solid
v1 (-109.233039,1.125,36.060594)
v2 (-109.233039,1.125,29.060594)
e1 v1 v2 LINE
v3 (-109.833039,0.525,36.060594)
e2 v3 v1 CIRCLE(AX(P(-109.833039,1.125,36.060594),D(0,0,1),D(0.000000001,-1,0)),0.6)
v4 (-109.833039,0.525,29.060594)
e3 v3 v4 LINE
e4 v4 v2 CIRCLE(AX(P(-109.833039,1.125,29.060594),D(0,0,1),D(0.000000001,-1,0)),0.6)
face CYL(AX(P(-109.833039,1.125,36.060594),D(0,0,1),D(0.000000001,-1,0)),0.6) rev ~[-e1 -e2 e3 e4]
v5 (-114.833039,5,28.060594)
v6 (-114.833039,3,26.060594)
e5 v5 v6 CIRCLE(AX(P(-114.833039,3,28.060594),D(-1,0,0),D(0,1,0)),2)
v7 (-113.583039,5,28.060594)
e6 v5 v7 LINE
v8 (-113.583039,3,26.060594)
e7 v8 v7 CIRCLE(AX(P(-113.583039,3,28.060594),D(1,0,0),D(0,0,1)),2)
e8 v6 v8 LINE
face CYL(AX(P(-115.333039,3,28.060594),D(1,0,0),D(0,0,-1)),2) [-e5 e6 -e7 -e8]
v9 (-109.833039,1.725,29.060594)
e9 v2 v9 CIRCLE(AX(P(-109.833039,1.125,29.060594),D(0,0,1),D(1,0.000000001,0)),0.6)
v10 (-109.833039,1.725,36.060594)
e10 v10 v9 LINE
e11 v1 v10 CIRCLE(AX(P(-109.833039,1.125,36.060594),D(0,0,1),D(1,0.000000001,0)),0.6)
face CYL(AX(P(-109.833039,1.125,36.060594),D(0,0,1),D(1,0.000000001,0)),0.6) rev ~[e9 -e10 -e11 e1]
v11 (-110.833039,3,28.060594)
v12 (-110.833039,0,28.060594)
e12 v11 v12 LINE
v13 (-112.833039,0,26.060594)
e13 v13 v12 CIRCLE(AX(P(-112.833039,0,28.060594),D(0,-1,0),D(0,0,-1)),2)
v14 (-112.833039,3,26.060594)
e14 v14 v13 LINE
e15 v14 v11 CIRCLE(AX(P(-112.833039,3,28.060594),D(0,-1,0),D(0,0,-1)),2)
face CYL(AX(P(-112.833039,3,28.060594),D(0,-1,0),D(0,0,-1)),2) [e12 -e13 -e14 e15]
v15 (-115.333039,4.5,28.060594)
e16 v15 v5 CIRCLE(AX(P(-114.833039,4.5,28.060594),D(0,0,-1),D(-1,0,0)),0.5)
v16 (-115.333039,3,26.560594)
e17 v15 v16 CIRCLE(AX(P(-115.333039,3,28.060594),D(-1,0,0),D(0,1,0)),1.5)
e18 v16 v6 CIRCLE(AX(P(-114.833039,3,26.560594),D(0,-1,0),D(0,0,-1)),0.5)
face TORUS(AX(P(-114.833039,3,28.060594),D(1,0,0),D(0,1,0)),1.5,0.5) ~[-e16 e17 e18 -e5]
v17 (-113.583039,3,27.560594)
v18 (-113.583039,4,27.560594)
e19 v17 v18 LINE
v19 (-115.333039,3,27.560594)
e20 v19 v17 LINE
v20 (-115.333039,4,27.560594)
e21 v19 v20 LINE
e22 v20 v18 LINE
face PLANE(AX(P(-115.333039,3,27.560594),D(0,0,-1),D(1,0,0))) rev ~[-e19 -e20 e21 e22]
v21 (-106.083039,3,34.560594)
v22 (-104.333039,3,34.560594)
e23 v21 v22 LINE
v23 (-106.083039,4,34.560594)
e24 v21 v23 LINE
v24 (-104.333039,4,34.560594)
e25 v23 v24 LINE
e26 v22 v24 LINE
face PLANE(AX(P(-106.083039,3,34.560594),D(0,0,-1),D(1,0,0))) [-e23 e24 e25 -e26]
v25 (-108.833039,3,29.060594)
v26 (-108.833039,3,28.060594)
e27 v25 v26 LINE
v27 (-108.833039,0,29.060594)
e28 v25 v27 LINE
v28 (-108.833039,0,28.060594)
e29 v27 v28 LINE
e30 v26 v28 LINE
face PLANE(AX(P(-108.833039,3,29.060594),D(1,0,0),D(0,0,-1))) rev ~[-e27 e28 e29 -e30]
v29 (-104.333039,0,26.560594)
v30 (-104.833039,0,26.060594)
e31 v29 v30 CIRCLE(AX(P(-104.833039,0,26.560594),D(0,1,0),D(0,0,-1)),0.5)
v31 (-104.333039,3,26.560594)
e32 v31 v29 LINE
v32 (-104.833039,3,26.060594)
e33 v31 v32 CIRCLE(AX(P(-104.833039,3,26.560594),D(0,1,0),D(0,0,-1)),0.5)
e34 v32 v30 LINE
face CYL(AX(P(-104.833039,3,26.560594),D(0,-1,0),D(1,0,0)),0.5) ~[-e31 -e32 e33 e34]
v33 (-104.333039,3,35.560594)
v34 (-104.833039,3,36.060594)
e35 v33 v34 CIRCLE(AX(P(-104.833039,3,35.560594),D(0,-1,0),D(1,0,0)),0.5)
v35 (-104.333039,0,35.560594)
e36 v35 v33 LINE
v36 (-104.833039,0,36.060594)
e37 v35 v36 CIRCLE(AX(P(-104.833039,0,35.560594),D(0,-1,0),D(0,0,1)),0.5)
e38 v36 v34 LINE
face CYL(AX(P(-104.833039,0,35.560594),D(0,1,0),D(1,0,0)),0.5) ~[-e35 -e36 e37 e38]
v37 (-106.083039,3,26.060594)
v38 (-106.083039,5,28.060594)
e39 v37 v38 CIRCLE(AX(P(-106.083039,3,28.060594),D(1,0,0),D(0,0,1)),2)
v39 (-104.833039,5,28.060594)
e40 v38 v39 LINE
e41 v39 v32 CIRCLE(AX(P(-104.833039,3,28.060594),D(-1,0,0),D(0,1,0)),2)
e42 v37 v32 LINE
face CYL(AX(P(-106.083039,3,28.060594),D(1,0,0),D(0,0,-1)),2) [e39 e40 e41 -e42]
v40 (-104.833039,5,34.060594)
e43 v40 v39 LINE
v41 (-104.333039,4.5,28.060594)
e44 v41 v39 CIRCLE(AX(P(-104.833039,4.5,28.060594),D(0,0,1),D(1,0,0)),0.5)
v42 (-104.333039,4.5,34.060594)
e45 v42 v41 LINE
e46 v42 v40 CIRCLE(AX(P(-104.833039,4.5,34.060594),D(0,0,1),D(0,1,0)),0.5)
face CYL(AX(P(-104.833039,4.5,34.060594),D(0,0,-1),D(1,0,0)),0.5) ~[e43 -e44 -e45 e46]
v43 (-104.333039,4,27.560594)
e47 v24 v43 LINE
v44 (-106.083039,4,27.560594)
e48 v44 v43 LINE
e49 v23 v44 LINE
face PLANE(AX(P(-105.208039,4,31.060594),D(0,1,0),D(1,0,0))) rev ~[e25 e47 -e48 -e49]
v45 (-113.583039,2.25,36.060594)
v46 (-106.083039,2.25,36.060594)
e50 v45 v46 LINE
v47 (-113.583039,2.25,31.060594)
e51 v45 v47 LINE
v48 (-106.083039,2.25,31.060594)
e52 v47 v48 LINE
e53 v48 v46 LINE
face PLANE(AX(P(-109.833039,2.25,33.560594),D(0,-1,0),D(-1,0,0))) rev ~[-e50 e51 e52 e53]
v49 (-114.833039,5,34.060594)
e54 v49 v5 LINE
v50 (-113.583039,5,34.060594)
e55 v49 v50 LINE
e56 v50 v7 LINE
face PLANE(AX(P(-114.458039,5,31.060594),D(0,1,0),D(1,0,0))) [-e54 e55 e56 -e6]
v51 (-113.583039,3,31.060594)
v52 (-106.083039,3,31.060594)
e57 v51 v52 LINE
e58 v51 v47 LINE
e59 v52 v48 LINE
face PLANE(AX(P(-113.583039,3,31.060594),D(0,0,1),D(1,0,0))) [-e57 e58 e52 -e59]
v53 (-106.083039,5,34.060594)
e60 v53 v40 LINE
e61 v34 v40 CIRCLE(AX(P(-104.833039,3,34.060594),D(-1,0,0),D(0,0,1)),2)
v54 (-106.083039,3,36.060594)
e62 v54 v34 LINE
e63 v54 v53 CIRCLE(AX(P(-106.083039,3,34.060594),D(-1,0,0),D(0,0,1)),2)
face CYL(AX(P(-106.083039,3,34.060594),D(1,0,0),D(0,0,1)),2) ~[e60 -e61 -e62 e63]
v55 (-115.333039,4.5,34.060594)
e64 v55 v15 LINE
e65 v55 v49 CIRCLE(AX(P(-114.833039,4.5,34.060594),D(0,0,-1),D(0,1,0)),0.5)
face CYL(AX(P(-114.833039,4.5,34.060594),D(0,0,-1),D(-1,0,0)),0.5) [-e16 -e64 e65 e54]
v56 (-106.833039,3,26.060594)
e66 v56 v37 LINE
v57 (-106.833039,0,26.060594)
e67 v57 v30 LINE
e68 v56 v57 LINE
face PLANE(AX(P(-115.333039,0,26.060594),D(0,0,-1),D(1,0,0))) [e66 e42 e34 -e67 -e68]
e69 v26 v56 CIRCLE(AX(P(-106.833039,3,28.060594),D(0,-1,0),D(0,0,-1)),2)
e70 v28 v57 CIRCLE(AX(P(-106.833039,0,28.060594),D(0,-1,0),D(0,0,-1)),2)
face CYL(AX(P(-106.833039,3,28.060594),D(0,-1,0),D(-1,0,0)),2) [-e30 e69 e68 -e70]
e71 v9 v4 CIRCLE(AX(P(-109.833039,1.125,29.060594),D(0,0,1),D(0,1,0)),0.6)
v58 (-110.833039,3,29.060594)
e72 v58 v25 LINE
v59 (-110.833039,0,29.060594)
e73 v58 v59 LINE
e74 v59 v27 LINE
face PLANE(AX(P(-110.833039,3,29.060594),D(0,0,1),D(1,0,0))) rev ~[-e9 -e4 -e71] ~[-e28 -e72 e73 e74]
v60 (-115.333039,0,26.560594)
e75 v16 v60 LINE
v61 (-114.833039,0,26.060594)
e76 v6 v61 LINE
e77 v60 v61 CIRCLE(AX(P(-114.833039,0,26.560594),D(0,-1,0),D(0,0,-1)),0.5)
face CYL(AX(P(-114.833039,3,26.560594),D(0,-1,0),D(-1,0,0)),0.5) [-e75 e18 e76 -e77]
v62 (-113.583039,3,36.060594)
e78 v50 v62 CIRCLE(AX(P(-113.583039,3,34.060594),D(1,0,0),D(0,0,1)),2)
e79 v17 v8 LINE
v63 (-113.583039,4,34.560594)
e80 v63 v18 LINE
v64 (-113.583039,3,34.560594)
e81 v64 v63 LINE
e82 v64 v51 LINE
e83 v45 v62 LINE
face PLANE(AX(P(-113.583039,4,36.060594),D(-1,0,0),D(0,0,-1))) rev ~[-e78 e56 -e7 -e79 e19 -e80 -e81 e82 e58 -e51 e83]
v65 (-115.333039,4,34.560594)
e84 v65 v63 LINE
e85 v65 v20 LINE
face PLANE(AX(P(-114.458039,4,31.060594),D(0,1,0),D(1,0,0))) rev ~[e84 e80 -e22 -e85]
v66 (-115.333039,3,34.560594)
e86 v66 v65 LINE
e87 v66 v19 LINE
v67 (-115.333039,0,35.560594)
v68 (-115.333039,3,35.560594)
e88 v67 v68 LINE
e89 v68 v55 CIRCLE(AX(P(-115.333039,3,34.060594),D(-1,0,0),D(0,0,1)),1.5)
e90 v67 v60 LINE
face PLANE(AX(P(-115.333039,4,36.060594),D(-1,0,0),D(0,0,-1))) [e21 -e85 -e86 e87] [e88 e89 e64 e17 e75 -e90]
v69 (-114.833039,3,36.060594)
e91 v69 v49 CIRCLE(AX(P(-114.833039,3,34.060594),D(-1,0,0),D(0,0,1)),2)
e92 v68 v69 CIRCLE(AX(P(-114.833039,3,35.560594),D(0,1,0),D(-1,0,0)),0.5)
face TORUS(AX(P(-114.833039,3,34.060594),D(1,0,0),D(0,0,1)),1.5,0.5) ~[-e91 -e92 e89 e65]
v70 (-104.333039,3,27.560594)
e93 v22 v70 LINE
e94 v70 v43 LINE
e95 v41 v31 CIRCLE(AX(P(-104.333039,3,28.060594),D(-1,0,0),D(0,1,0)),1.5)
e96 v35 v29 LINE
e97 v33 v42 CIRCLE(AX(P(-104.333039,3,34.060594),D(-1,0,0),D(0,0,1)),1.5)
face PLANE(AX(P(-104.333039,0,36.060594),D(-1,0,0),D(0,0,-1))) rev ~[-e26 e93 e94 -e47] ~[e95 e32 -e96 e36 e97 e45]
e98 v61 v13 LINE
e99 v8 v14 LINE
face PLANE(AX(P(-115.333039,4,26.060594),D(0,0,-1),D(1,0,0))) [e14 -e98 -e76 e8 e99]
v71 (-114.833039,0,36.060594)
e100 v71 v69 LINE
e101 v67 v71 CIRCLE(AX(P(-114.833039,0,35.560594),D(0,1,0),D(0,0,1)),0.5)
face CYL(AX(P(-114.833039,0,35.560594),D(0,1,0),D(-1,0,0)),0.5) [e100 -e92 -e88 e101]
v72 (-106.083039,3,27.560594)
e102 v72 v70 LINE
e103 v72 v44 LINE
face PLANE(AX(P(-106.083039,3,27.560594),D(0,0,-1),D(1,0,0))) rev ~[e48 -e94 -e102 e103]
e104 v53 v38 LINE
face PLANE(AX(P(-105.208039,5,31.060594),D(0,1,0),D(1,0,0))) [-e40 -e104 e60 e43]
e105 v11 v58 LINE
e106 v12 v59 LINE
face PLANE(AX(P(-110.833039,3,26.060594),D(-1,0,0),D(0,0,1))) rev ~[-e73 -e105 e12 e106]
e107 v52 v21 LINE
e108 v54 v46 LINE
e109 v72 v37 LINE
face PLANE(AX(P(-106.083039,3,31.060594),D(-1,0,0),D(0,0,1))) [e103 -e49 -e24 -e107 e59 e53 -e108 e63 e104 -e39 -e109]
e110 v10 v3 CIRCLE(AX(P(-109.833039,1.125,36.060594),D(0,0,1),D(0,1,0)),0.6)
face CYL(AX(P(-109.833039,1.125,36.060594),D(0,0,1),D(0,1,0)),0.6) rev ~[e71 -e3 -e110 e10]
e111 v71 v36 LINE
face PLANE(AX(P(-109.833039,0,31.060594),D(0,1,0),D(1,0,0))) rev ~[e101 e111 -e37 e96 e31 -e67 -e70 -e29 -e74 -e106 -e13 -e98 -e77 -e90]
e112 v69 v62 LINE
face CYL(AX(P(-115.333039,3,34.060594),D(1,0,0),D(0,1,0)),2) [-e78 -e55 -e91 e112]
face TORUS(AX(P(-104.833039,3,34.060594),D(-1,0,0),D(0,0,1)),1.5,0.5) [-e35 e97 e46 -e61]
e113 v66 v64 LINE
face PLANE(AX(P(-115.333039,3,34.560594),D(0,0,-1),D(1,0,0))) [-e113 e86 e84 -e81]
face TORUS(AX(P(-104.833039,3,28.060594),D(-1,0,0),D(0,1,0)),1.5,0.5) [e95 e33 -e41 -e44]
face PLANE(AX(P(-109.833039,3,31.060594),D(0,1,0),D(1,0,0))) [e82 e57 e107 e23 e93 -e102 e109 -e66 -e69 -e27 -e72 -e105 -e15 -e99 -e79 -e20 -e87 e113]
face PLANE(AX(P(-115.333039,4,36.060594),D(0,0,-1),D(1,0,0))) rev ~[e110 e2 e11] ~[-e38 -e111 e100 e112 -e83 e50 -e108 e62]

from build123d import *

# Parameters (mm, degrees)
SKETCH1_W           = 11
SKETCH1_H           = 10
BOSS_EXTRUDE1_DEPTH = 3
CUT_EXTRUDE4_DEPTH  = 12
CUT_EXTRUDE5_DEPTH  = 0.75
SKETCH6_W           = 1.75
SKETCH6_H           = 1.5
BOSS_EXTRUDE2_DEPTH = 1
SKETCH7_W           = 1.75
SKETCH7_H           = 10
BOSS_EXTRUDE3_DEPTH = 1
CUT_EXTRUDE6_DEPTH  = 12
FILLET4_R           = 2
FILLET5_R           = 2
FILLET6_R           = 0.5
FILLET7_R           = 0.5


with BuildPart() as part:
    # Sketch1 → Boss-Extrude1 (new body)
    with BuildSketch(Plane(origin=(0, 0, 0), x_dir=(1, 0, 0), z_dir=(0, 1, 0))):
        with Locations((-109.833038928, -31.060593966)):
            Rectangle(SKETCH1_W, SKETCH1_H)
    extrude(amount=BOSS_EXTRUDE1_DEPTH)

    # Sketch2 → Cut-Extrude4 (cut)
    with BuildSketch(Plane(origin=(0, 3, 0), x_dir=(1, 0, 0), z_dir=(0, 1, 0))):
        Polygon((-108.833038928, -26.060593966), (-110.833038928, -26.060593966), (-110.833038928, -29.060593966), (-109.833038928, -29.060593966), (-108.833038928, -29.060593966), align=None)
    extrude(amount=-CUT_EXTRUDE4_DEPTH, mode=Mode.SUBTRACT)

    # Sketch5 → Cut-Extrude5 (cut)
    with BuildSketch(Plane(origin=(0, 3, 0), x_dir=(1, 0, 0), z_dir=(0, 1, 0))):
        Polygon((-109.833038928, -36.060593966), (-113.583038928, -36.060593966), (-113.583038928, -31.060593966), (-106.083038928, -31.060593966), (-106.083038928, -36.060593966), align=None)
    extrude(amount=-CUT_EXTRUDE5_DEPTH, mode=Mode.SUBTRACT)

    # Sketch6 → Boss-Extrude2 (add)
    with BuildSketch(Plane(origin=(0, 3, 0), x_dir=(1, 0, 0), z_dir=(0, 1, 0))):
        with Locations((-114.458038928, -35.310593966)):
            Rectangle(SKETCH6_W, SKETCH6_H)
        with Locations((-114.458038928, -26.810593966)):
            Rectangle(SKETCH6_W, SKETCH6_H)
        with Locations((-105.208038928, -26.810593966)):
            Rectangle(SKETCH6_W, SKETCH6_H)
        with Locations((-105.208038928, -35.310593966)):
            Rectangle(SKETCH6_W, SKETCH6_H)
    extrude(amount=BOSS_EXTRUDE2_DEPTH)

    # Sketch7 → Boss-Extrude3 (add)
    with BuildSketch(Plane(origin=(0, 4, 0), x_dir=(1, 0, 0), z_dir=(0, 1, 0))):
        with Locations((-114.458038928, -31.060593966)):
            Rectangle(SKETCH7_W, SKETCH7_H)
        with Locations((-105.208038928, -31.060593966)):
            Rectangle(SKETCH7_W, SKETCH7_H)
    extrude(amount=BOSS_EXTRUDE3_DEPTH)

    # Sketch8 → Cut-Extrude6 (cut)
    with BuildSketch(Plane.XY.offset(36.060593966)):
        with BuildLine():
            ThreePointArc((-109.233038928, 1.125), (-109.40877486, 1.549264069), (-109.833038928, 1.725))
            Line((-109.833038928, 1.725), (-109.833038928, 0.525))
            ThreePointArc((-109.833038928, 0.525), (-109.40877486, 0.700735931), (-109.233038928, 1.125))
        make_face()
        with BuildLine():
            Line((-109.833038928, 0.525), (-109.833038928, 1.725))
            ThreePointArc((-109.833038928, 1.725), (-110.433038928, 1.125), (-109.833038928, 0.525))
        make_face()
    extrude(amount=-CUT_EXTRUDE6_DEPTH, mode=Mode.SUBTRACT)

    # Fillet4
    fillet4_edges = [part.edges().sort_by_distance(p)[0] for p in [
        (-110.833038928, 1.5, 26.060593966),
        (-108.833038928, 1.5, 26.060593966),
    ]]
    fillet(fillet4_edges, radius=FILLET4_R)

    # Fillet5
    fillet5_edges = [part.edges().sort_by_distance(p)[0] for p in [
        (-105.208038928, 5, 26.060593966),
        (-114.458038928, 5, 26.060593966),
        (-105.208038928, 5, 36.060593966),
        (-114.458038928, 5, 36.060593966),
    ]]
    fillet(fillet5_edges, radius=FILLET5_R)

    # Fillet6
    fillet6_edges = [part.edges().sort_by_distance(p)[0] for p in [
        (-104.333038928, 5, 31.060593966),
        (-104.333038928, 1.5, 26.060593966),
        (-104.333038928, 1.5, 36.060593966),
        (-104.333038928, 4.414213562, 35.474807528),
        (-104.333038928, 4.414213562, 26.646380403),
    ]]
    fillet(fillet6_edges, radius=FILLET6_R)

    # Fillet7
    fillet7_edges = [part.edges().sort_by_distance(p)[0] for p in [
        (-115.333038928, 5, 31.060593966),
        (-115.333038928, 1.5, 36.060593966),
        (-115.333038928, 1.5, 26.060593966),
        (-115.333038928, 4.414213562, 35.474807528),
        (-115.333038928, 4.414213562, 26.646380403),
    ]]
    fillet(fillet7_edges, radius=FILLET7_R)


solid = part.part
